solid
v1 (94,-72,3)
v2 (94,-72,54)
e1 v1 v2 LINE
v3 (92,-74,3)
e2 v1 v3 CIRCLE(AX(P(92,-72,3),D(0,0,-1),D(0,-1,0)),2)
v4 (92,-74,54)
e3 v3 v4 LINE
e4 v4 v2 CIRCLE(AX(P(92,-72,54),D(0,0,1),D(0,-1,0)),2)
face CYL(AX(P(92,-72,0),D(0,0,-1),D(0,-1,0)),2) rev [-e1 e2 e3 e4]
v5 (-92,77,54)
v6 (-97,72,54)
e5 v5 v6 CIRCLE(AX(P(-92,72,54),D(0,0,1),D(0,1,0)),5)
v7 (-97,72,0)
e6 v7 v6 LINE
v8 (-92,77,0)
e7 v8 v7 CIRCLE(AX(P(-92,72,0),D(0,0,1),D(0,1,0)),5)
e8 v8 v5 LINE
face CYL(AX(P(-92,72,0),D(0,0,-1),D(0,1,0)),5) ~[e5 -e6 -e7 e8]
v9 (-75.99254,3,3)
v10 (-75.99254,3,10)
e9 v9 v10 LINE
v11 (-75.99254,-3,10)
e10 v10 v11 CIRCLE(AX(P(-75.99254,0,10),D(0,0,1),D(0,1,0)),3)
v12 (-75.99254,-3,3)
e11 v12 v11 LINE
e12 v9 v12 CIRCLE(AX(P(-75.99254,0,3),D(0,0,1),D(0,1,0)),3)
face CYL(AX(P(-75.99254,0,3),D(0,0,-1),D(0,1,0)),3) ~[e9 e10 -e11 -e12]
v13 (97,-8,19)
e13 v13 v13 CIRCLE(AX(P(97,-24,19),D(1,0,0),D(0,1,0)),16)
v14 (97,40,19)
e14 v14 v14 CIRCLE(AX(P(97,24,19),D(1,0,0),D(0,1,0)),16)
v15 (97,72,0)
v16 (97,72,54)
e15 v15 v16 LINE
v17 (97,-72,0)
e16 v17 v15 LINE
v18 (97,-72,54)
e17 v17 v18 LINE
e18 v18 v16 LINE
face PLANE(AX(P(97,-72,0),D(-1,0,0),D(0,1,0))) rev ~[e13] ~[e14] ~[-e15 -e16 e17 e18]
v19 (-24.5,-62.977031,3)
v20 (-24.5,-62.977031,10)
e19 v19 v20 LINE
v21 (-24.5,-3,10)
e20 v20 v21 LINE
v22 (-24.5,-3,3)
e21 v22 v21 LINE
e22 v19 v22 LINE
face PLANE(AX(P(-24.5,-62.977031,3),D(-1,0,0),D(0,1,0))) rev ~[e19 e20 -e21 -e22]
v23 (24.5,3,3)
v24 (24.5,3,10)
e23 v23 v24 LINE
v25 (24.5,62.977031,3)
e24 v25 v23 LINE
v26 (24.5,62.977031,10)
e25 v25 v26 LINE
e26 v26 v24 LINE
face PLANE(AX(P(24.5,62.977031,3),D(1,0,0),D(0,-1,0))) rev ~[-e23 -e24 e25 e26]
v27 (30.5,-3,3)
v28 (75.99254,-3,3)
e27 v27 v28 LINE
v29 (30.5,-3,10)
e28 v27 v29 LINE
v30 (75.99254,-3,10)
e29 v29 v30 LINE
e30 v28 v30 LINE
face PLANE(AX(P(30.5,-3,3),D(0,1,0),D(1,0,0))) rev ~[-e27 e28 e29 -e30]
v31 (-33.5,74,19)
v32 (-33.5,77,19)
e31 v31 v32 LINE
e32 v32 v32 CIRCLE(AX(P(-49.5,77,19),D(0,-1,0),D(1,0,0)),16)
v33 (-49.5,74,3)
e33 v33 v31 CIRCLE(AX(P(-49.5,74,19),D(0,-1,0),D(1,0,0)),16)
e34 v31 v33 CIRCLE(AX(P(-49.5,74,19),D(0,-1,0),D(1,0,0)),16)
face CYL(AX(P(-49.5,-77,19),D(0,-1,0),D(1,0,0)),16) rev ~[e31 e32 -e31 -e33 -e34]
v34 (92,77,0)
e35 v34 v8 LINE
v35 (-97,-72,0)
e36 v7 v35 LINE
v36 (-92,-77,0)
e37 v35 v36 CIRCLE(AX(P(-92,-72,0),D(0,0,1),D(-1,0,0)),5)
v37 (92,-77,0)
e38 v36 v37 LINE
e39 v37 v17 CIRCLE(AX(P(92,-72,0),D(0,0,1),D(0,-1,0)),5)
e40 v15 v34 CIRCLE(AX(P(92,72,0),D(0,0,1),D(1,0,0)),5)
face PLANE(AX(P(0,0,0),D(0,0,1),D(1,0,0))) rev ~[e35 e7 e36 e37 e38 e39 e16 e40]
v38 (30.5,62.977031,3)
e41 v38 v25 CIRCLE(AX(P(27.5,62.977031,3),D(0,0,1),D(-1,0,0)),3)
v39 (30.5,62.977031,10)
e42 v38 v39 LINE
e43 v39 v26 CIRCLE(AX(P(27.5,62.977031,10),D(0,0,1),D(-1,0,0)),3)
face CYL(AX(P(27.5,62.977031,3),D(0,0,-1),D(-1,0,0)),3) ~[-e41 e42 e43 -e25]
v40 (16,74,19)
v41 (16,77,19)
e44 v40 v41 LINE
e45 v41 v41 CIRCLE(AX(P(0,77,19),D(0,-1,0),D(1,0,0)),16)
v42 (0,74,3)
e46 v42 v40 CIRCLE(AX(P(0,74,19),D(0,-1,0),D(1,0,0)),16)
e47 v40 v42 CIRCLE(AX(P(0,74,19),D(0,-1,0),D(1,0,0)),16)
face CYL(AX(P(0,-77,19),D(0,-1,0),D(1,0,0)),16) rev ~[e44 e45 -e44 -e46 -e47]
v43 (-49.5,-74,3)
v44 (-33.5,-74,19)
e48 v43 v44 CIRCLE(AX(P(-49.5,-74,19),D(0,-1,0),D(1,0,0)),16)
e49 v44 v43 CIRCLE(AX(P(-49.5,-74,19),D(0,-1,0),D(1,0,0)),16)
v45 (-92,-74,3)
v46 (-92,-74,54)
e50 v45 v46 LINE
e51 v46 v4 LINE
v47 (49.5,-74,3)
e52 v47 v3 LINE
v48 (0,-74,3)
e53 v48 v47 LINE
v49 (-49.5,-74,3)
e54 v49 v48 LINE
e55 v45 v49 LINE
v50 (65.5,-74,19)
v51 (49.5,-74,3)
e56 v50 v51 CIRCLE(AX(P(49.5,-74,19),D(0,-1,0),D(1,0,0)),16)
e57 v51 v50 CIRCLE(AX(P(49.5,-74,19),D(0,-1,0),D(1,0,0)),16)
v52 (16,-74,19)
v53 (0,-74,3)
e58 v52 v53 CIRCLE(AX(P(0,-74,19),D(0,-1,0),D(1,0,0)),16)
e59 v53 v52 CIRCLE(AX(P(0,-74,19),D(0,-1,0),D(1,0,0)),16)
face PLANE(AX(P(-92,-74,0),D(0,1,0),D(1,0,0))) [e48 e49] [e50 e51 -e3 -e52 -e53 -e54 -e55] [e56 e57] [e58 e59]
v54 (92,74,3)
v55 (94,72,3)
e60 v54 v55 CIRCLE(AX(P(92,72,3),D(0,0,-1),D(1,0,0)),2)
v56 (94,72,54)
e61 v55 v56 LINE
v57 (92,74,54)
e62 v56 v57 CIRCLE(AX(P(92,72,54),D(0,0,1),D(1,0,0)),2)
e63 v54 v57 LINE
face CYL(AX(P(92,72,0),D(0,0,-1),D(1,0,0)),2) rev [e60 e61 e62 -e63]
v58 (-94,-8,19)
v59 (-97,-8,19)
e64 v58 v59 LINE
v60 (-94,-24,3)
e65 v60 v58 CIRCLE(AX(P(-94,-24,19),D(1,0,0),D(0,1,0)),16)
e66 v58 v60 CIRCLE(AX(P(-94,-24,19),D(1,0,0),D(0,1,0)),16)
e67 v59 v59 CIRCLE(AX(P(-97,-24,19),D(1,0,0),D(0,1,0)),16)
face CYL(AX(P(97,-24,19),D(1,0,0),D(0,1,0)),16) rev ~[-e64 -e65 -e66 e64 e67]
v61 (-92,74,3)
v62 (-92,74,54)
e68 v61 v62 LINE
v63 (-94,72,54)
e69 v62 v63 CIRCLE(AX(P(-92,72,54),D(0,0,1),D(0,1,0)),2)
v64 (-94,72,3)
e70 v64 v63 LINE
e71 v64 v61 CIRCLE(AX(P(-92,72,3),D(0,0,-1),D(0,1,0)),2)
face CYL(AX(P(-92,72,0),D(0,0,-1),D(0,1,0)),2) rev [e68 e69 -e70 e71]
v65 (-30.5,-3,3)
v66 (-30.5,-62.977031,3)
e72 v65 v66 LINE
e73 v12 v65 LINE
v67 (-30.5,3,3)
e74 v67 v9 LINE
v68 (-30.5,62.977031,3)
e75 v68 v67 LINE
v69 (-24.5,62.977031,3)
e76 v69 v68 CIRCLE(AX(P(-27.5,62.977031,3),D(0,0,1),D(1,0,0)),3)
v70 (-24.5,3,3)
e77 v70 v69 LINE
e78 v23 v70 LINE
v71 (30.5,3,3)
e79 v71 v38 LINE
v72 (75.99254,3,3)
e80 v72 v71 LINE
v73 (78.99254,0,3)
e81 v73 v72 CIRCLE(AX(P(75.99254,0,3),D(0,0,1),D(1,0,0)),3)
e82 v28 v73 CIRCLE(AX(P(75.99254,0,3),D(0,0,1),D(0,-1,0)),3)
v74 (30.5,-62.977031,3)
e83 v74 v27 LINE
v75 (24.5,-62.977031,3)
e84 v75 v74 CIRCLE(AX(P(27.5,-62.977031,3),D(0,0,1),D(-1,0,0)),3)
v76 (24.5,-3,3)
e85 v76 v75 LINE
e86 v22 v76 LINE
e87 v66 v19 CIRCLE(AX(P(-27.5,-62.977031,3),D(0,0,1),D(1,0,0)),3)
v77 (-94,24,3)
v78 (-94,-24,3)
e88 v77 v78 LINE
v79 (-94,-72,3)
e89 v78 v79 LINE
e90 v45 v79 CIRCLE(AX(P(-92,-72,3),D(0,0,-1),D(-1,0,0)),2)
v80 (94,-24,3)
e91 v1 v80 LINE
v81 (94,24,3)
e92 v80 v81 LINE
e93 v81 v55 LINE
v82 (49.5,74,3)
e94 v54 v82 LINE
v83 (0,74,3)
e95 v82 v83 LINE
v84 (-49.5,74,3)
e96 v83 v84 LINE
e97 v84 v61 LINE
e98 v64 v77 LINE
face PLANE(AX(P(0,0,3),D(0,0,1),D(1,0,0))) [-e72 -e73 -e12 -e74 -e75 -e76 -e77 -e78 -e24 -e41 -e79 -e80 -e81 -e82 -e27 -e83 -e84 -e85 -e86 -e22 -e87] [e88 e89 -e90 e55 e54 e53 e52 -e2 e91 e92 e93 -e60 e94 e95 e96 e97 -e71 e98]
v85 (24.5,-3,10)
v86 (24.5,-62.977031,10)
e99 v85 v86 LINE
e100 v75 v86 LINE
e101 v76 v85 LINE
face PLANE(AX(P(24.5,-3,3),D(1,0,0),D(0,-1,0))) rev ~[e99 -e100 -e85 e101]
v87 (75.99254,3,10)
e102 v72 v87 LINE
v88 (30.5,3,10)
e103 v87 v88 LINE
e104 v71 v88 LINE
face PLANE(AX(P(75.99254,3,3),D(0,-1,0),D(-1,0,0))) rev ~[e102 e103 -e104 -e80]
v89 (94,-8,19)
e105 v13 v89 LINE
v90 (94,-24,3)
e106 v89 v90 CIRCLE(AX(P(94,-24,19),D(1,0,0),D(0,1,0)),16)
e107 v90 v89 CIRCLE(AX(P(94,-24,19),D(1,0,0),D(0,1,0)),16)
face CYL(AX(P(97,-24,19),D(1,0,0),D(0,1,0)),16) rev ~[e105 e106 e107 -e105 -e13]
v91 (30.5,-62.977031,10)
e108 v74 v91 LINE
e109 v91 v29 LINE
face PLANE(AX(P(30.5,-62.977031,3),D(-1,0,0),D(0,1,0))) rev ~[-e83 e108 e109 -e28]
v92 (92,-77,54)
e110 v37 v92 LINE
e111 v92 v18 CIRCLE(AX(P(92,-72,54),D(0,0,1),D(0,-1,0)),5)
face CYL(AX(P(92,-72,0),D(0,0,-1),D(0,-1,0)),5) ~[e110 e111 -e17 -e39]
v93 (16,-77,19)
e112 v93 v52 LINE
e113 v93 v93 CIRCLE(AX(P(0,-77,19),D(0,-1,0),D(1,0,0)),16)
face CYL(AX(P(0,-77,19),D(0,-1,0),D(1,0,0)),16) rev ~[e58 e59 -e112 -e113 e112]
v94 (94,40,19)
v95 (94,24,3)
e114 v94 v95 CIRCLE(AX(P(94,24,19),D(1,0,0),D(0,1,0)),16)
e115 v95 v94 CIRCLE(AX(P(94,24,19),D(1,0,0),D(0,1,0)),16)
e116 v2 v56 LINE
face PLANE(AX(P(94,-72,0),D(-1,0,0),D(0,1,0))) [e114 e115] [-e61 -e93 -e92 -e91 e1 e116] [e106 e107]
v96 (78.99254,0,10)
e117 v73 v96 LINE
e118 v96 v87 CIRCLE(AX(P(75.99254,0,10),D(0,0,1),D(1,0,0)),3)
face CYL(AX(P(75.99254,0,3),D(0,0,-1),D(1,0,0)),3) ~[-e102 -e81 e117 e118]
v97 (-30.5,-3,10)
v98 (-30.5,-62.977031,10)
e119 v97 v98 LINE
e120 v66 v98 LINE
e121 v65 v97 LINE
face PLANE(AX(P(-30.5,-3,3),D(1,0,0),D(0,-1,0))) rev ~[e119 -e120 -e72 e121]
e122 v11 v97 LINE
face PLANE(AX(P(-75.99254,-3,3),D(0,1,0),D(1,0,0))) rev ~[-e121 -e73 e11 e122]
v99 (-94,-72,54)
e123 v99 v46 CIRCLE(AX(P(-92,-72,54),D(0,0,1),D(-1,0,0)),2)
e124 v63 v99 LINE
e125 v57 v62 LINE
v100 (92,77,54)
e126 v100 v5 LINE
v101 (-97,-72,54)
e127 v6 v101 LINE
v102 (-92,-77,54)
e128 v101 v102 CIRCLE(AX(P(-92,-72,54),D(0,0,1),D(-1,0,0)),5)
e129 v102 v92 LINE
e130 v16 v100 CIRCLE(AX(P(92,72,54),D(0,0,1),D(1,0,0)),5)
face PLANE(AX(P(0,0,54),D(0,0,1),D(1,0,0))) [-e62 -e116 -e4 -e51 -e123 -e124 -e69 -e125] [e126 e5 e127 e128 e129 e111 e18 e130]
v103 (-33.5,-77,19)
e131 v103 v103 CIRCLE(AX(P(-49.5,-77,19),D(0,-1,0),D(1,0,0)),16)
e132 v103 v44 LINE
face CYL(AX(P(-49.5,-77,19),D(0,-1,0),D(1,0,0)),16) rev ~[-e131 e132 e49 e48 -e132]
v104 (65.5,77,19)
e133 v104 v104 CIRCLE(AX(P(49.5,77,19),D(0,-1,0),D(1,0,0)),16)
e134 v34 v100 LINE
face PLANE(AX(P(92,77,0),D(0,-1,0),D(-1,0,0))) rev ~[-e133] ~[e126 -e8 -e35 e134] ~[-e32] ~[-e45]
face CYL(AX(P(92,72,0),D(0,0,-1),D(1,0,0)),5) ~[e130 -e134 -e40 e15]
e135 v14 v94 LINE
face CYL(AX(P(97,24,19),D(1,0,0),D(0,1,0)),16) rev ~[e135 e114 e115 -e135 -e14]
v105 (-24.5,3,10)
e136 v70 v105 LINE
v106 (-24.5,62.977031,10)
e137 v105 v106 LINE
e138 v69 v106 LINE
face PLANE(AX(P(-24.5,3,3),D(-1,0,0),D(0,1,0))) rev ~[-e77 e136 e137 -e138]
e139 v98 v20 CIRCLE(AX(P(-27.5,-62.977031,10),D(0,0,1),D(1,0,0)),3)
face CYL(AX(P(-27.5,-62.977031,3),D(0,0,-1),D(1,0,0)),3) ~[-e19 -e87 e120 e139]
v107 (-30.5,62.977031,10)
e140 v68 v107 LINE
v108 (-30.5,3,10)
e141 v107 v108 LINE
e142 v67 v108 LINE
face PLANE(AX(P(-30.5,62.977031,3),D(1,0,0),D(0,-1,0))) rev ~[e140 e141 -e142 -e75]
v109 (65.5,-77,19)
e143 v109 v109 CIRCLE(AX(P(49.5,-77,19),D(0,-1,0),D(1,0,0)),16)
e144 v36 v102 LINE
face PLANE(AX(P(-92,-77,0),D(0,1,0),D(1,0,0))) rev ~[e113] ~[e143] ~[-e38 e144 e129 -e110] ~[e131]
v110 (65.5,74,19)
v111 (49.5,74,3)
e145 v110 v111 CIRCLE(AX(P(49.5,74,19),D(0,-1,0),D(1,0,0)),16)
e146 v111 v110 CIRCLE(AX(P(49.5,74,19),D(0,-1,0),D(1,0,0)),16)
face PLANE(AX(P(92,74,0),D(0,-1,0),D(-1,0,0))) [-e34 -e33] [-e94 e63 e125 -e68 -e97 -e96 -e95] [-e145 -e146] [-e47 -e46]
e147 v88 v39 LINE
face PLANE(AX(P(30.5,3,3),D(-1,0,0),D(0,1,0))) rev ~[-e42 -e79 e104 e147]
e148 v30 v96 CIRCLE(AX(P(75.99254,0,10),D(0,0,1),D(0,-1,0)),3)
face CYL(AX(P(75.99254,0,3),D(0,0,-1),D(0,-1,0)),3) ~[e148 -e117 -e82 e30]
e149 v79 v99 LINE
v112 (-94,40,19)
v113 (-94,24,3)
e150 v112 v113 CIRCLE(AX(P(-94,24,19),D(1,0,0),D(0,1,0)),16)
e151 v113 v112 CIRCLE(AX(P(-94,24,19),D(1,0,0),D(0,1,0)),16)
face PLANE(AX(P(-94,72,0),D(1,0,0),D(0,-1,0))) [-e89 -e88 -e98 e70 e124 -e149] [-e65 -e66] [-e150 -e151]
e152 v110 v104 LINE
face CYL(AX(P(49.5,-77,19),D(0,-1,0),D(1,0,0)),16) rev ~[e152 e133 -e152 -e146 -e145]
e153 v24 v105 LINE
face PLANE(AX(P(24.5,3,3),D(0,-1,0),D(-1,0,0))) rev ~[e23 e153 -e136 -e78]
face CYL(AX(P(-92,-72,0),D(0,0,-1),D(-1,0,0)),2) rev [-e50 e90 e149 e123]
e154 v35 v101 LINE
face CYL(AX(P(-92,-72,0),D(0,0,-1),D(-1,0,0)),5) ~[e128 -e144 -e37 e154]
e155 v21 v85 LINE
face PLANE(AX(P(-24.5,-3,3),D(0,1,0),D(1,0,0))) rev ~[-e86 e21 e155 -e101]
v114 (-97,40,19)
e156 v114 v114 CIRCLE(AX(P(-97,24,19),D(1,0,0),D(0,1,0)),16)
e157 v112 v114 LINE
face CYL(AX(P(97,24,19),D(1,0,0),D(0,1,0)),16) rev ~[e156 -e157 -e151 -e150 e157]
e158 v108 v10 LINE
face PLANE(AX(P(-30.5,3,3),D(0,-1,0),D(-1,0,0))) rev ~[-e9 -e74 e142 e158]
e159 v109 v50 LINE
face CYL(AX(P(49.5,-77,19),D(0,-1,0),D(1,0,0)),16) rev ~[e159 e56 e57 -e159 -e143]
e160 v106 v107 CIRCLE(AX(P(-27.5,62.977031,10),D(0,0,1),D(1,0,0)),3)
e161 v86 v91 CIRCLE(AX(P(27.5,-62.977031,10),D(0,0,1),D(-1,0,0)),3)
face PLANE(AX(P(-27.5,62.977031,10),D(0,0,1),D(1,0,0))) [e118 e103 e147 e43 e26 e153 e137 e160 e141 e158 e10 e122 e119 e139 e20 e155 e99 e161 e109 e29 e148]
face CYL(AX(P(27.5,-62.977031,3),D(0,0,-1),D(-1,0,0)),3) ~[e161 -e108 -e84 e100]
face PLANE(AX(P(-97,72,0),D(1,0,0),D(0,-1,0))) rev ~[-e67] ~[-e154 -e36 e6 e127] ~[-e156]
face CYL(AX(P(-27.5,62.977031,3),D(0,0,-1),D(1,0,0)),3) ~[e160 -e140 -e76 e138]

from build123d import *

# Parameters (mm, degrees)
F1_DEPTH = 54
F2_T     = -3
F3_R     = 16
F4_DEPTH = 154.001
F5_R     = 16
F6_DEPTH = 194.001
F7_W     = 6
F7_H     = 6
F7_W_2   = 49
F8_DEPTH = 7


with BuildPart() as f1:
    # F0 (on Top) → F1 (new body)
    with BuildSketch(Plane.XY):
        with BuildLine():
            ThreePointArc((97, 72), (95.5355339059, 75.5355339059), (92, 77))
            Line((92, 77), (-92, 77))
            ThreePointArc((-92, 77), (-95.5355339059, 75.5355339059), (-97, 72))
            Line((-97, 72), (-97, -72))
            ThreePointArc((-97, -72), (-95.5355339059, -75.5355339059), (-92, -77))
            Line((-92, -77), (92, -77))
            ThreePointArc((92, -77), (95.5355339059, -75.5355339059), (97, -72))
            Line((97, -72), (97, 72))
        make_face()
    extrude(amount=F1_DEPTH)

    # F2
    f2_openings = [f1.faces().sort_by_distance(p)[0] for p in [
        (0, 0, 54),
    ]]
    offset(amount=F2_T, openings=f2_openings)

    # F3 (on face) → F4 (cut, through all)
    with BuildSketch(Plane.XZ.offset(77)):
        with Locations((-49.5, 19)):
            Circle(F3_R)
        with Locations((0, 19)):
            Circle(F3_R)
        with Locations((49.5, 19)):
            Circle(F3_R)
    extrude(amount=-F4_DEPTH, mode=Mode.SUBTRACT)

    # F5 (on face) → F6 (cut, through all)
    with BuildSketch(Plane.YZ.offset(97)):
        with Locations((-24, 19)):
            Circle(F5_R)
        with Locations((24, 19)):
            Circle(F5_R)
    extrude(amount=-F6_DEPTH, mode=Mode.SUBTRACT)

    # F7 (on face) → F8 (join)
    with BuildSketch(Plane.XY.offset(3)):
        with BuildLine():
            ThreePointArc((-30.5, 62.9770308733), (-27.5, 59.9770308733), (-24.5, 62.9770308733))
            ThreePointArc((-24.5, 62.9770308733), (-27.5, 65.9770308733), (-30.5, 62.9770308733))
        make_face()
        with BuildLine():
            Line((-24.5, 3), (-24.5, 62.9770308733))
            ThreePointArc((-24.5, 62.9770308733), (-27.5, 59.9770308733), (-30.5, 62.9770308733))
            Line((-30.5, 62.9770308733), (-30.5, 3))
            Line((-30.5, 3), (-24.5, 3))
        make_face()
        with Locations((-27.5, 0)):
            Rectangle(F7_W, F7_H)
        Rectangle(F7_W_2, F7_H)
        with BuildLine():
            Line((-30.5, -3), (-30.5, 3))
            Line((-30.5, 3), (-75.992539525, 3))
            ThreePointArc((-75.992539525, 3), (-73.8712191815, 2.1213203436), (-72.992539525, 0))
            ThreePointArc((-72.992539525, 0), (-73.8712191815, -2.1213203436), (-75.992539525, -3))
            Line((-75.992539525, -3), (-30.5, -3))
        make_face()
        with Locations((27.5, 0)):
            Rectangle(F7_W, F7_H)
        with BuildLine():
            Line((24.5, 62.9770308733), (24.5, 3))
            Line((24.5, 3), (30.5, 3))
            Line((30.5, 3), (30.5, 62.9770308733))
            ThreePointArc((30.5, 62.9770308733), (27.5, 59.9770308733), (24.5, 62.9770308733))
        make_face()
        with BuildLine():
            Line((-24.5, -62.9770308733), (-24.5, -3))
            Line((-24.5, -3), (-30.5, -3))
            Line((-30.5, -3), (-30.5, -62.9770308733))
            ThreePointArc((-30.5, -62.9770308733), (-27.5, -59.9770308733), (-24.5, -62.9770308733))
        make_face()
        with BuildLine():
            ThreePointArc((-72.992539525, 0), (-73.8712191815, 2.1213203436), (-75.992539525, 3))
            ThreePointArc((-75.992539525, 3), (-78.992539525, 0), (-75.992539525, -3))
            ThreePointArc((-75.992539525, -3), (-73.8712191815, -2.1213203436), (-72.992539525, 0))
        make_face()
        with BuildLine():
            Line((30.5, -3), (24.5, -3))
            Line((24.5, -3), (24.5, -62.9770308733))
            ThreePointArc((24.5, -62.9770308733), (27.5, -59.9770308733), (30.5, -62.9770308733))
            Line((30.5, -62.9770308733), (30.5, -3))
        make_face()
        with BuildLine():
            ThreePointArc((30.5, 62.9770308733), (27.5, 65.9770308733), (24.5, 62.9770308733))
            ThreePointArc((24.5, 62.9770308733), (27.5, 59.9770308733), (30.5, 62.9770308733))
        make_face()
        with BuildLine():
            Line((75.992539525, 3), (30.5, 3))
            Line((30.5, 3), (30.5, -3))
            Line((30.5, -3), (75.992539525, -3))
            ThreePointArc((75.992539525, -3), (72.992539525, 0), (75.992539525, 3))
        make_face()
        with BuildLine():
            ThreePointArc((-30.5, -62.9770308733), (-27.5, -65.9770308733), (-24.5, -62.9770308733))
            ThreePointArc((-24.5, -62.9770308733), (-27.5, -59.9770308733), (-30.5, -62.9770308733))
        make_face()
        with BuildLine():
            ThreePointArc((30.5, -62.9770308733), (27.5, -59.9770308733), (24.5, -62.9770308733))
            ThreePointArc((24.5, -62.9770308733), (27.5, -65.9770308733), (30.5, -62.9770308733))
        make_face()
        with BuildLine():
            ThreePointArc((78.992539525, 0), (78.1138598686, 2.1213203436), (75.992539525, 3))
            ThreePointArc((75.992539525, 3), (72.992539525, 0), (75.992539525, -3))
            ThreePointArc((75.992539525, -3), (78.1138598686, -2.1213203436), (78.992539525, 0))
        make_face()
    extrude(amount=F8_DEPTH)


solid = f1.part
